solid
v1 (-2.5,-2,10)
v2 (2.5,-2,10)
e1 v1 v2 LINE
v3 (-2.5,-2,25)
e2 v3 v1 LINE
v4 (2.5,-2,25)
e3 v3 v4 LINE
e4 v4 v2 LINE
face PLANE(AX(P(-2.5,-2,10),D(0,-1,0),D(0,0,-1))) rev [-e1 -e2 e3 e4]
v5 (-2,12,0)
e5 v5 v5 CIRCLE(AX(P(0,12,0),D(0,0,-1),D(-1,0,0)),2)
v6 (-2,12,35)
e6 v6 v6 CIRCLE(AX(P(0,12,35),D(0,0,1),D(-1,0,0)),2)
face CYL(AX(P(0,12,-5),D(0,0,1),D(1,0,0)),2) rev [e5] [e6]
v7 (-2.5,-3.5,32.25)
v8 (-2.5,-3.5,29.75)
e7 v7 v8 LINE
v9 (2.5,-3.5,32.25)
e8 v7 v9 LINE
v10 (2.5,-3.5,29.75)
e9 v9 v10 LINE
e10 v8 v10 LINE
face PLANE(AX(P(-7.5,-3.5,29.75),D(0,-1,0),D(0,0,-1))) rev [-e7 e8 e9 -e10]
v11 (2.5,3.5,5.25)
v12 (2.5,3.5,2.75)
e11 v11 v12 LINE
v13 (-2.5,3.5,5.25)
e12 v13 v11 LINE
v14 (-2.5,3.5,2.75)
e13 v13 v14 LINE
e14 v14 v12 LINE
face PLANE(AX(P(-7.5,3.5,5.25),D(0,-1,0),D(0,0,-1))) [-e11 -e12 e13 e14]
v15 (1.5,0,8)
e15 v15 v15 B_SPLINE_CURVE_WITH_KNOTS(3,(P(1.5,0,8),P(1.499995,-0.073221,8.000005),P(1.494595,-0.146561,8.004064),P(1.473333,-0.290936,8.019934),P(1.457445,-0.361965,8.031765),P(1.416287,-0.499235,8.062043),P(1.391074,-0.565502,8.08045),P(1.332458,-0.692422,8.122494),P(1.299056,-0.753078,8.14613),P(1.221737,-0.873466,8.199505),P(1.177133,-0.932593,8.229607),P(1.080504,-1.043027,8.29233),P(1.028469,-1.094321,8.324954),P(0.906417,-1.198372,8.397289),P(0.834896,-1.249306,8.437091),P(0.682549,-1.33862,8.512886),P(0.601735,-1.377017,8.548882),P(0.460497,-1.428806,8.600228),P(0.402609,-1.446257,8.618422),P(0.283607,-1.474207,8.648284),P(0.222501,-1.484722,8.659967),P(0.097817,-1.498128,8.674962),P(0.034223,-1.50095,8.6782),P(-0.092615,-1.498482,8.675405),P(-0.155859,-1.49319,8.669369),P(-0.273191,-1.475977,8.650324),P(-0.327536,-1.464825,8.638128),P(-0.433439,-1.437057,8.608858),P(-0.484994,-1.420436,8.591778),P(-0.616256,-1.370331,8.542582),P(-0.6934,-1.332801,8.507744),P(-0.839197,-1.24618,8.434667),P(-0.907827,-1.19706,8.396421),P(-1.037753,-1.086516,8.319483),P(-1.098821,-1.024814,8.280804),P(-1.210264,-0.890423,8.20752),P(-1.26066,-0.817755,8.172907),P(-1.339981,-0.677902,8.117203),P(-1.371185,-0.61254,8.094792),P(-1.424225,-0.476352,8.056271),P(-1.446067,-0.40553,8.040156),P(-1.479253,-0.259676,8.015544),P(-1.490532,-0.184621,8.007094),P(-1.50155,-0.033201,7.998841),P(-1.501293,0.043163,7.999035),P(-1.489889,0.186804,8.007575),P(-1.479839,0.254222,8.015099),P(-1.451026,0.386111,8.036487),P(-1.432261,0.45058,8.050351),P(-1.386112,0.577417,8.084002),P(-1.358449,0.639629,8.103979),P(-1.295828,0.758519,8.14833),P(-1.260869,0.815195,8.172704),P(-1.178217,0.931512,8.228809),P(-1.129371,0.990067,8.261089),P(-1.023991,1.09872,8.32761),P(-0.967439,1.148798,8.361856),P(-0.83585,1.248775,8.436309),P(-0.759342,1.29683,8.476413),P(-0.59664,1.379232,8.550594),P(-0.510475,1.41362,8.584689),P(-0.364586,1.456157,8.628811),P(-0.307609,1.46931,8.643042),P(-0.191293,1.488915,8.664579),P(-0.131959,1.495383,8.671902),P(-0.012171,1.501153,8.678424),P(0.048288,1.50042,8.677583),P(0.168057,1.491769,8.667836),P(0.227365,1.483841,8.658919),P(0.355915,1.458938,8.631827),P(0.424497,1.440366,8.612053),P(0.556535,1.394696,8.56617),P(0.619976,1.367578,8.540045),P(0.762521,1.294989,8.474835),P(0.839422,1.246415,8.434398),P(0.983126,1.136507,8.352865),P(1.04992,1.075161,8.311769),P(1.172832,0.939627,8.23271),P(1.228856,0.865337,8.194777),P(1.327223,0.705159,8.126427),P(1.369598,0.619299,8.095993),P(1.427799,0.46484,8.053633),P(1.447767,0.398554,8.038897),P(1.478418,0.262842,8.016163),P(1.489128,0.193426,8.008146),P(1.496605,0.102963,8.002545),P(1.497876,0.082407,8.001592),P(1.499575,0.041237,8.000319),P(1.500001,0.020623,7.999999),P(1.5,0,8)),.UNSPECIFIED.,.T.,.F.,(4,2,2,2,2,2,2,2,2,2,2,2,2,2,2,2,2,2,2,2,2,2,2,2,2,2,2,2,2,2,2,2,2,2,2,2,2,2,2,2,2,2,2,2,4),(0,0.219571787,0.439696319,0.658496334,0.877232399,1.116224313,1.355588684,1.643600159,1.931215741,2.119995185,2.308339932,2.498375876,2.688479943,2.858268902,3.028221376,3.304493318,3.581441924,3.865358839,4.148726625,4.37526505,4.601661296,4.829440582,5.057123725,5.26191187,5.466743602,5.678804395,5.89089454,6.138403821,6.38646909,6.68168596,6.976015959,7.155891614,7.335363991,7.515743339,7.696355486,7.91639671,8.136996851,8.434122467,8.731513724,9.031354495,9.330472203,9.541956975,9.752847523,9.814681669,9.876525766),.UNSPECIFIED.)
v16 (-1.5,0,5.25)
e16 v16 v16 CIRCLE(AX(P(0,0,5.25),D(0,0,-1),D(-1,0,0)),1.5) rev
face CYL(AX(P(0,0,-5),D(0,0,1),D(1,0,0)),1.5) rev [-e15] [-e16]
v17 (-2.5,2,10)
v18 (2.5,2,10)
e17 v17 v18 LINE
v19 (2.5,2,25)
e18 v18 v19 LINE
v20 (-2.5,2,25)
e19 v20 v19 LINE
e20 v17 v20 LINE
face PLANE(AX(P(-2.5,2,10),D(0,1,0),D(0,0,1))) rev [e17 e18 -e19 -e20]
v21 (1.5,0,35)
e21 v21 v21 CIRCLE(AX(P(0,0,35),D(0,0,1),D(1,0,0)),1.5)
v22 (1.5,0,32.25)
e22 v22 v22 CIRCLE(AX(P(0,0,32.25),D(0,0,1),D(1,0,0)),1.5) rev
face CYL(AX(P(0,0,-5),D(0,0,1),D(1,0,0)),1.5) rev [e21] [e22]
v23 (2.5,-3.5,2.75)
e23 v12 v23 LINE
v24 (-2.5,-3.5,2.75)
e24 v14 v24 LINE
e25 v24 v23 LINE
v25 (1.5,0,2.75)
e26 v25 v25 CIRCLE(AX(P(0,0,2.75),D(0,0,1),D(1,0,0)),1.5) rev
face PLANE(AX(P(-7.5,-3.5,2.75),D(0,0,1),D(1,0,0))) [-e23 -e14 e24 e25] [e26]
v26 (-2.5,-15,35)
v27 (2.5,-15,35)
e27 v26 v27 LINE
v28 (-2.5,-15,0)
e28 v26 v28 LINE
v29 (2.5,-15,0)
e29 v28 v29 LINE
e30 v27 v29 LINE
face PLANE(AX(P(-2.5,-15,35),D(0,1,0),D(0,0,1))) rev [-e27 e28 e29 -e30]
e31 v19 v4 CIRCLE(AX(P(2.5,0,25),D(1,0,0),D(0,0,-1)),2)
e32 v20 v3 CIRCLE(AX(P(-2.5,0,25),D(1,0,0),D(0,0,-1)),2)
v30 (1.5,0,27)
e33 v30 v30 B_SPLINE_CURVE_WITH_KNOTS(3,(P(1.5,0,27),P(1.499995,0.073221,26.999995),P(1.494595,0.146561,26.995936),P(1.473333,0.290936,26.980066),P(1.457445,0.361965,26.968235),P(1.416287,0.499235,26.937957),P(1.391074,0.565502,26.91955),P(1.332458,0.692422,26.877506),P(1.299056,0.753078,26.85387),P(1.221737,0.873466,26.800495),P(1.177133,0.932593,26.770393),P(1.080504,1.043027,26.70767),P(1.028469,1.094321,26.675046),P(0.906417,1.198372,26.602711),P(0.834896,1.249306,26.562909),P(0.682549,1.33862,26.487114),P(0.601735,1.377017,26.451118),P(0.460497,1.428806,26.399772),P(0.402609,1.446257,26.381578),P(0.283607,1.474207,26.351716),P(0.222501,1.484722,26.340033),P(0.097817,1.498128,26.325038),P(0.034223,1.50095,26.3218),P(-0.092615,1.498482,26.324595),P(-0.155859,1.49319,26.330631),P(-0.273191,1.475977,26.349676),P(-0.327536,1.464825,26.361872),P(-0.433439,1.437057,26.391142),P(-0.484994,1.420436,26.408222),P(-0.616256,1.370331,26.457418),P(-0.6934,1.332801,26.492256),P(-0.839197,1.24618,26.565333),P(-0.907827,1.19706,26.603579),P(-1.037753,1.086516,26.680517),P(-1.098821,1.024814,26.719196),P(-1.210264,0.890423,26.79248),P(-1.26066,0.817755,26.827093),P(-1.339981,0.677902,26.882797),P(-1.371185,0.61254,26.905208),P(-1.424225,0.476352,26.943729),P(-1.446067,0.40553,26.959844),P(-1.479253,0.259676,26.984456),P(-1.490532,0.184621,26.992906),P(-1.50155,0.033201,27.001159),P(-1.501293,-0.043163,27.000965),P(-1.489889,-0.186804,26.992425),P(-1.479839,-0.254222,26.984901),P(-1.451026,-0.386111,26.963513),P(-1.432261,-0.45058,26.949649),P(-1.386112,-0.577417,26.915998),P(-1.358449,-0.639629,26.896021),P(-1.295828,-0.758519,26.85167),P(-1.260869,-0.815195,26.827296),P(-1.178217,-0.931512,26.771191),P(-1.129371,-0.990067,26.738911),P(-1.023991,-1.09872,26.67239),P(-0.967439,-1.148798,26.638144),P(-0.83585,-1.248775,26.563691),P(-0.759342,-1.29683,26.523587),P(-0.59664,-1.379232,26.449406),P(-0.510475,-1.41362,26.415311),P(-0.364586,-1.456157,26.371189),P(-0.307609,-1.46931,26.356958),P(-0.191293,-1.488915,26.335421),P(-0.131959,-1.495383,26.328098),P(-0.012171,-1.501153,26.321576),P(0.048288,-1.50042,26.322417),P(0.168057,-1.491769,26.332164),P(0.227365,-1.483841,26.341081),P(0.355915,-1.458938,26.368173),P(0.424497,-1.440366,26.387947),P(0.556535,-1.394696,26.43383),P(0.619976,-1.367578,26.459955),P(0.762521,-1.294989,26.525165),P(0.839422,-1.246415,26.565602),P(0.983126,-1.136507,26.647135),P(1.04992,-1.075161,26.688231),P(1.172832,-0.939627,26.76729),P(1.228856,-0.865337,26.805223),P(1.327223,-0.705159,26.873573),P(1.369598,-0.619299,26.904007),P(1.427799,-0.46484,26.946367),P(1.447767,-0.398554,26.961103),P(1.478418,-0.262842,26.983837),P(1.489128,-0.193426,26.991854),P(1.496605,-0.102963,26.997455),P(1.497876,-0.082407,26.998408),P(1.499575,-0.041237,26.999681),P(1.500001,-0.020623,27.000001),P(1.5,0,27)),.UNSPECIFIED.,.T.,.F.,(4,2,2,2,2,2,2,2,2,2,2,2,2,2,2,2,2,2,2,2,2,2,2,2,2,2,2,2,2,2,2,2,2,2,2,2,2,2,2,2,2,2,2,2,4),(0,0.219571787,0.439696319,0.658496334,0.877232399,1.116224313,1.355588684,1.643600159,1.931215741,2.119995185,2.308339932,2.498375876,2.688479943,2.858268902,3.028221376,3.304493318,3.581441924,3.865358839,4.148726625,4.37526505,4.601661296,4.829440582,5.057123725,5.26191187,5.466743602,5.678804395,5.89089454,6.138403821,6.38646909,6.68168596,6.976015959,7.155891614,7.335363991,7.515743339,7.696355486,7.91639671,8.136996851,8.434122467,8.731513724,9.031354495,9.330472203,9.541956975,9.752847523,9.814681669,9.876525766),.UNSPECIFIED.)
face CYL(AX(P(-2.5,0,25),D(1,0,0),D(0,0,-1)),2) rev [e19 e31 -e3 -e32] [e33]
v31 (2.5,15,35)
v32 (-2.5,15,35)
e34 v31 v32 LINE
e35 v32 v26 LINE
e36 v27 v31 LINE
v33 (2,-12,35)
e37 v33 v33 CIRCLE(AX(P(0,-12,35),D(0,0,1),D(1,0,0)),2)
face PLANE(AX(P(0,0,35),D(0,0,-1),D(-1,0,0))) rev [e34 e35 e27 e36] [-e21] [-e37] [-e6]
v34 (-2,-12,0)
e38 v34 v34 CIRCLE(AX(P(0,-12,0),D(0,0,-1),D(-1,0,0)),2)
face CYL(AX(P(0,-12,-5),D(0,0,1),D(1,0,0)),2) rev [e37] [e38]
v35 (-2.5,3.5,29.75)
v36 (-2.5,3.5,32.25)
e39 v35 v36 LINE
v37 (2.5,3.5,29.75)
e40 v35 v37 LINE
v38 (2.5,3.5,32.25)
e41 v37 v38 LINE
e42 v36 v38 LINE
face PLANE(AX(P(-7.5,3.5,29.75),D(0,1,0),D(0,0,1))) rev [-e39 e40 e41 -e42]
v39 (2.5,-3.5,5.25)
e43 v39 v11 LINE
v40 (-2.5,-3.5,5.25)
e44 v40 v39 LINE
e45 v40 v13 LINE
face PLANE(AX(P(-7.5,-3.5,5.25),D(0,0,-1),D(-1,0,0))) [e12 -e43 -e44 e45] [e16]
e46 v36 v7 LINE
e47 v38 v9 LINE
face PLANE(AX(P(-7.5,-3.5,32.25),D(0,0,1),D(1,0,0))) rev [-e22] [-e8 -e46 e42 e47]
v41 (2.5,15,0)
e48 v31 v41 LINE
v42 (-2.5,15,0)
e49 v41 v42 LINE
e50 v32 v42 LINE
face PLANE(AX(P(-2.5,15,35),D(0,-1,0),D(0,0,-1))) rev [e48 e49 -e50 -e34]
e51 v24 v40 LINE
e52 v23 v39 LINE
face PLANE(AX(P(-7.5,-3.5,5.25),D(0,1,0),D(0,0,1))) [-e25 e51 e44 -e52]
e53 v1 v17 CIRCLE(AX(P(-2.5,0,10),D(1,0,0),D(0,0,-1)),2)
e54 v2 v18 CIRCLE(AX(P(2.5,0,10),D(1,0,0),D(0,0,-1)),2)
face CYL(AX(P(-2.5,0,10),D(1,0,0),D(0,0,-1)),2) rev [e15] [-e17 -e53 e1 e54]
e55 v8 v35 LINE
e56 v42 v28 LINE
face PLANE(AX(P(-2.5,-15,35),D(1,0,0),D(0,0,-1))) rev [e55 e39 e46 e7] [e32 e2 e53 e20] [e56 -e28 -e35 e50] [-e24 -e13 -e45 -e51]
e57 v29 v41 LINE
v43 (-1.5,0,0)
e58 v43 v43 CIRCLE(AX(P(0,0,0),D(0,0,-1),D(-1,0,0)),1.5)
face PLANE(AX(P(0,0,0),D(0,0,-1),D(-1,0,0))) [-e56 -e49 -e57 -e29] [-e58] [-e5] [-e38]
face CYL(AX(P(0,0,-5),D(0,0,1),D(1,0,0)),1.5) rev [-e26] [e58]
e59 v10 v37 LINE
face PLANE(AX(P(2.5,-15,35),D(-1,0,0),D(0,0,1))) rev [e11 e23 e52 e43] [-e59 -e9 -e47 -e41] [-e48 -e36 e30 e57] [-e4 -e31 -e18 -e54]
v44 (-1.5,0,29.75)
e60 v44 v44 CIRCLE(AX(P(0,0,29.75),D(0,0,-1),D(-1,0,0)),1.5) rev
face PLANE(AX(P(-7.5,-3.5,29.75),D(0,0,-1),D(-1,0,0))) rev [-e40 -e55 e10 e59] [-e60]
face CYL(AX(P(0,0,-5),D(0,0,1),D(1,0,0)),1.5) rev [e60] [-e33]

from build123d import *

# Parameters (mm, degrees)
ESQUISSE1_W             = 5
ESQUISSE1_H             = 30
BOSS_EXTRU_1_DEPTH      = 35
ENL_V_MAT_EXTRU_1_DEPTH = 39.405728739
ESQUISSE3_R             = 1.5
ESQUISSE3_R_2           = 2
ENL_V_MAT_EXTRU_2_DEPTH = 40
ESQUISSE4_W             = 2.5
ESQUISSE4_H             = 7
ENL_V_MAT_EXTRU_3_DEPTH = 10


with BuildPart() as part:
    # Esquisse1 → Boss.-Extru.1 (new body)
    with BuildSketch(Plane.XY):
        Rectangle(ESQUISSE1_W, ESQUISSE1_H)
    extrude(amount=BOSS_EXTRU_1_DEPTH)

    # Esquisse2 → Enlèv. mat.-Extru.1 (cut, through all)
    with BuildSketch(Plane(origin=(2.5, 0, 0), x_dir=(0, 0, -1), z_dir=(1, 0, 0))):
        with BuildLine():
            Line((-10, -2), (-25, -2))
            ThreePointArc((-25, -2), (-27, 0), (-25, 2))
            Line((-25, 2), (-10, 2))
            ThreePointArc((-10, 2), (-8, 0), (-10, -2))
        make_face()
    extrude(amount=-ENL_V_MAT_EXTRU_1_DEPTH, mode=Mode.SUBTRACT)

    # Esquisse3 → Enlèv. mat.-Extru.2 (cut)
    with BuildSketch(Plane.XY.offset(35)):
        Circle(ESQUISSE3_R)
        with Locations((0, -12)):
            Circle(ESQUISSE3_R_2)
        with Locations(Location((0, 12, 0), (0, 0, 180))):
            Circle(ESQUISSE3_R_2)
    extrude(amount=-ENL_V_MAT_EXTRU_2_DEPTH, mode=Mode.SUBTRACT)

    # Esquisse4 → Enlèv. mat.-Extru.3 (cut)
    with BuildSketch(Plane(origin=(2.5, 0, 0), x_dir=(0, 0, -1), z_dir=(1, 0, 0))):
        with Locations((-31, 0)):
            Rectangle(ESQUISSE4_W, ESQUISSE4_H)
    enl_v_mat_extru_3 = extrude(amount=-ENL_V_MAT_EXTRU_3_DEPTH, mode=Mode.SUBTRACT)

    # Symétrie1: Enlèv. mat.-Extru.3 across plane
    add(enl_v_mat_extru_3.mirror(Plane.XY.offset(17.5)), mode=Mode.SUBTRACT)


solid = part.part
